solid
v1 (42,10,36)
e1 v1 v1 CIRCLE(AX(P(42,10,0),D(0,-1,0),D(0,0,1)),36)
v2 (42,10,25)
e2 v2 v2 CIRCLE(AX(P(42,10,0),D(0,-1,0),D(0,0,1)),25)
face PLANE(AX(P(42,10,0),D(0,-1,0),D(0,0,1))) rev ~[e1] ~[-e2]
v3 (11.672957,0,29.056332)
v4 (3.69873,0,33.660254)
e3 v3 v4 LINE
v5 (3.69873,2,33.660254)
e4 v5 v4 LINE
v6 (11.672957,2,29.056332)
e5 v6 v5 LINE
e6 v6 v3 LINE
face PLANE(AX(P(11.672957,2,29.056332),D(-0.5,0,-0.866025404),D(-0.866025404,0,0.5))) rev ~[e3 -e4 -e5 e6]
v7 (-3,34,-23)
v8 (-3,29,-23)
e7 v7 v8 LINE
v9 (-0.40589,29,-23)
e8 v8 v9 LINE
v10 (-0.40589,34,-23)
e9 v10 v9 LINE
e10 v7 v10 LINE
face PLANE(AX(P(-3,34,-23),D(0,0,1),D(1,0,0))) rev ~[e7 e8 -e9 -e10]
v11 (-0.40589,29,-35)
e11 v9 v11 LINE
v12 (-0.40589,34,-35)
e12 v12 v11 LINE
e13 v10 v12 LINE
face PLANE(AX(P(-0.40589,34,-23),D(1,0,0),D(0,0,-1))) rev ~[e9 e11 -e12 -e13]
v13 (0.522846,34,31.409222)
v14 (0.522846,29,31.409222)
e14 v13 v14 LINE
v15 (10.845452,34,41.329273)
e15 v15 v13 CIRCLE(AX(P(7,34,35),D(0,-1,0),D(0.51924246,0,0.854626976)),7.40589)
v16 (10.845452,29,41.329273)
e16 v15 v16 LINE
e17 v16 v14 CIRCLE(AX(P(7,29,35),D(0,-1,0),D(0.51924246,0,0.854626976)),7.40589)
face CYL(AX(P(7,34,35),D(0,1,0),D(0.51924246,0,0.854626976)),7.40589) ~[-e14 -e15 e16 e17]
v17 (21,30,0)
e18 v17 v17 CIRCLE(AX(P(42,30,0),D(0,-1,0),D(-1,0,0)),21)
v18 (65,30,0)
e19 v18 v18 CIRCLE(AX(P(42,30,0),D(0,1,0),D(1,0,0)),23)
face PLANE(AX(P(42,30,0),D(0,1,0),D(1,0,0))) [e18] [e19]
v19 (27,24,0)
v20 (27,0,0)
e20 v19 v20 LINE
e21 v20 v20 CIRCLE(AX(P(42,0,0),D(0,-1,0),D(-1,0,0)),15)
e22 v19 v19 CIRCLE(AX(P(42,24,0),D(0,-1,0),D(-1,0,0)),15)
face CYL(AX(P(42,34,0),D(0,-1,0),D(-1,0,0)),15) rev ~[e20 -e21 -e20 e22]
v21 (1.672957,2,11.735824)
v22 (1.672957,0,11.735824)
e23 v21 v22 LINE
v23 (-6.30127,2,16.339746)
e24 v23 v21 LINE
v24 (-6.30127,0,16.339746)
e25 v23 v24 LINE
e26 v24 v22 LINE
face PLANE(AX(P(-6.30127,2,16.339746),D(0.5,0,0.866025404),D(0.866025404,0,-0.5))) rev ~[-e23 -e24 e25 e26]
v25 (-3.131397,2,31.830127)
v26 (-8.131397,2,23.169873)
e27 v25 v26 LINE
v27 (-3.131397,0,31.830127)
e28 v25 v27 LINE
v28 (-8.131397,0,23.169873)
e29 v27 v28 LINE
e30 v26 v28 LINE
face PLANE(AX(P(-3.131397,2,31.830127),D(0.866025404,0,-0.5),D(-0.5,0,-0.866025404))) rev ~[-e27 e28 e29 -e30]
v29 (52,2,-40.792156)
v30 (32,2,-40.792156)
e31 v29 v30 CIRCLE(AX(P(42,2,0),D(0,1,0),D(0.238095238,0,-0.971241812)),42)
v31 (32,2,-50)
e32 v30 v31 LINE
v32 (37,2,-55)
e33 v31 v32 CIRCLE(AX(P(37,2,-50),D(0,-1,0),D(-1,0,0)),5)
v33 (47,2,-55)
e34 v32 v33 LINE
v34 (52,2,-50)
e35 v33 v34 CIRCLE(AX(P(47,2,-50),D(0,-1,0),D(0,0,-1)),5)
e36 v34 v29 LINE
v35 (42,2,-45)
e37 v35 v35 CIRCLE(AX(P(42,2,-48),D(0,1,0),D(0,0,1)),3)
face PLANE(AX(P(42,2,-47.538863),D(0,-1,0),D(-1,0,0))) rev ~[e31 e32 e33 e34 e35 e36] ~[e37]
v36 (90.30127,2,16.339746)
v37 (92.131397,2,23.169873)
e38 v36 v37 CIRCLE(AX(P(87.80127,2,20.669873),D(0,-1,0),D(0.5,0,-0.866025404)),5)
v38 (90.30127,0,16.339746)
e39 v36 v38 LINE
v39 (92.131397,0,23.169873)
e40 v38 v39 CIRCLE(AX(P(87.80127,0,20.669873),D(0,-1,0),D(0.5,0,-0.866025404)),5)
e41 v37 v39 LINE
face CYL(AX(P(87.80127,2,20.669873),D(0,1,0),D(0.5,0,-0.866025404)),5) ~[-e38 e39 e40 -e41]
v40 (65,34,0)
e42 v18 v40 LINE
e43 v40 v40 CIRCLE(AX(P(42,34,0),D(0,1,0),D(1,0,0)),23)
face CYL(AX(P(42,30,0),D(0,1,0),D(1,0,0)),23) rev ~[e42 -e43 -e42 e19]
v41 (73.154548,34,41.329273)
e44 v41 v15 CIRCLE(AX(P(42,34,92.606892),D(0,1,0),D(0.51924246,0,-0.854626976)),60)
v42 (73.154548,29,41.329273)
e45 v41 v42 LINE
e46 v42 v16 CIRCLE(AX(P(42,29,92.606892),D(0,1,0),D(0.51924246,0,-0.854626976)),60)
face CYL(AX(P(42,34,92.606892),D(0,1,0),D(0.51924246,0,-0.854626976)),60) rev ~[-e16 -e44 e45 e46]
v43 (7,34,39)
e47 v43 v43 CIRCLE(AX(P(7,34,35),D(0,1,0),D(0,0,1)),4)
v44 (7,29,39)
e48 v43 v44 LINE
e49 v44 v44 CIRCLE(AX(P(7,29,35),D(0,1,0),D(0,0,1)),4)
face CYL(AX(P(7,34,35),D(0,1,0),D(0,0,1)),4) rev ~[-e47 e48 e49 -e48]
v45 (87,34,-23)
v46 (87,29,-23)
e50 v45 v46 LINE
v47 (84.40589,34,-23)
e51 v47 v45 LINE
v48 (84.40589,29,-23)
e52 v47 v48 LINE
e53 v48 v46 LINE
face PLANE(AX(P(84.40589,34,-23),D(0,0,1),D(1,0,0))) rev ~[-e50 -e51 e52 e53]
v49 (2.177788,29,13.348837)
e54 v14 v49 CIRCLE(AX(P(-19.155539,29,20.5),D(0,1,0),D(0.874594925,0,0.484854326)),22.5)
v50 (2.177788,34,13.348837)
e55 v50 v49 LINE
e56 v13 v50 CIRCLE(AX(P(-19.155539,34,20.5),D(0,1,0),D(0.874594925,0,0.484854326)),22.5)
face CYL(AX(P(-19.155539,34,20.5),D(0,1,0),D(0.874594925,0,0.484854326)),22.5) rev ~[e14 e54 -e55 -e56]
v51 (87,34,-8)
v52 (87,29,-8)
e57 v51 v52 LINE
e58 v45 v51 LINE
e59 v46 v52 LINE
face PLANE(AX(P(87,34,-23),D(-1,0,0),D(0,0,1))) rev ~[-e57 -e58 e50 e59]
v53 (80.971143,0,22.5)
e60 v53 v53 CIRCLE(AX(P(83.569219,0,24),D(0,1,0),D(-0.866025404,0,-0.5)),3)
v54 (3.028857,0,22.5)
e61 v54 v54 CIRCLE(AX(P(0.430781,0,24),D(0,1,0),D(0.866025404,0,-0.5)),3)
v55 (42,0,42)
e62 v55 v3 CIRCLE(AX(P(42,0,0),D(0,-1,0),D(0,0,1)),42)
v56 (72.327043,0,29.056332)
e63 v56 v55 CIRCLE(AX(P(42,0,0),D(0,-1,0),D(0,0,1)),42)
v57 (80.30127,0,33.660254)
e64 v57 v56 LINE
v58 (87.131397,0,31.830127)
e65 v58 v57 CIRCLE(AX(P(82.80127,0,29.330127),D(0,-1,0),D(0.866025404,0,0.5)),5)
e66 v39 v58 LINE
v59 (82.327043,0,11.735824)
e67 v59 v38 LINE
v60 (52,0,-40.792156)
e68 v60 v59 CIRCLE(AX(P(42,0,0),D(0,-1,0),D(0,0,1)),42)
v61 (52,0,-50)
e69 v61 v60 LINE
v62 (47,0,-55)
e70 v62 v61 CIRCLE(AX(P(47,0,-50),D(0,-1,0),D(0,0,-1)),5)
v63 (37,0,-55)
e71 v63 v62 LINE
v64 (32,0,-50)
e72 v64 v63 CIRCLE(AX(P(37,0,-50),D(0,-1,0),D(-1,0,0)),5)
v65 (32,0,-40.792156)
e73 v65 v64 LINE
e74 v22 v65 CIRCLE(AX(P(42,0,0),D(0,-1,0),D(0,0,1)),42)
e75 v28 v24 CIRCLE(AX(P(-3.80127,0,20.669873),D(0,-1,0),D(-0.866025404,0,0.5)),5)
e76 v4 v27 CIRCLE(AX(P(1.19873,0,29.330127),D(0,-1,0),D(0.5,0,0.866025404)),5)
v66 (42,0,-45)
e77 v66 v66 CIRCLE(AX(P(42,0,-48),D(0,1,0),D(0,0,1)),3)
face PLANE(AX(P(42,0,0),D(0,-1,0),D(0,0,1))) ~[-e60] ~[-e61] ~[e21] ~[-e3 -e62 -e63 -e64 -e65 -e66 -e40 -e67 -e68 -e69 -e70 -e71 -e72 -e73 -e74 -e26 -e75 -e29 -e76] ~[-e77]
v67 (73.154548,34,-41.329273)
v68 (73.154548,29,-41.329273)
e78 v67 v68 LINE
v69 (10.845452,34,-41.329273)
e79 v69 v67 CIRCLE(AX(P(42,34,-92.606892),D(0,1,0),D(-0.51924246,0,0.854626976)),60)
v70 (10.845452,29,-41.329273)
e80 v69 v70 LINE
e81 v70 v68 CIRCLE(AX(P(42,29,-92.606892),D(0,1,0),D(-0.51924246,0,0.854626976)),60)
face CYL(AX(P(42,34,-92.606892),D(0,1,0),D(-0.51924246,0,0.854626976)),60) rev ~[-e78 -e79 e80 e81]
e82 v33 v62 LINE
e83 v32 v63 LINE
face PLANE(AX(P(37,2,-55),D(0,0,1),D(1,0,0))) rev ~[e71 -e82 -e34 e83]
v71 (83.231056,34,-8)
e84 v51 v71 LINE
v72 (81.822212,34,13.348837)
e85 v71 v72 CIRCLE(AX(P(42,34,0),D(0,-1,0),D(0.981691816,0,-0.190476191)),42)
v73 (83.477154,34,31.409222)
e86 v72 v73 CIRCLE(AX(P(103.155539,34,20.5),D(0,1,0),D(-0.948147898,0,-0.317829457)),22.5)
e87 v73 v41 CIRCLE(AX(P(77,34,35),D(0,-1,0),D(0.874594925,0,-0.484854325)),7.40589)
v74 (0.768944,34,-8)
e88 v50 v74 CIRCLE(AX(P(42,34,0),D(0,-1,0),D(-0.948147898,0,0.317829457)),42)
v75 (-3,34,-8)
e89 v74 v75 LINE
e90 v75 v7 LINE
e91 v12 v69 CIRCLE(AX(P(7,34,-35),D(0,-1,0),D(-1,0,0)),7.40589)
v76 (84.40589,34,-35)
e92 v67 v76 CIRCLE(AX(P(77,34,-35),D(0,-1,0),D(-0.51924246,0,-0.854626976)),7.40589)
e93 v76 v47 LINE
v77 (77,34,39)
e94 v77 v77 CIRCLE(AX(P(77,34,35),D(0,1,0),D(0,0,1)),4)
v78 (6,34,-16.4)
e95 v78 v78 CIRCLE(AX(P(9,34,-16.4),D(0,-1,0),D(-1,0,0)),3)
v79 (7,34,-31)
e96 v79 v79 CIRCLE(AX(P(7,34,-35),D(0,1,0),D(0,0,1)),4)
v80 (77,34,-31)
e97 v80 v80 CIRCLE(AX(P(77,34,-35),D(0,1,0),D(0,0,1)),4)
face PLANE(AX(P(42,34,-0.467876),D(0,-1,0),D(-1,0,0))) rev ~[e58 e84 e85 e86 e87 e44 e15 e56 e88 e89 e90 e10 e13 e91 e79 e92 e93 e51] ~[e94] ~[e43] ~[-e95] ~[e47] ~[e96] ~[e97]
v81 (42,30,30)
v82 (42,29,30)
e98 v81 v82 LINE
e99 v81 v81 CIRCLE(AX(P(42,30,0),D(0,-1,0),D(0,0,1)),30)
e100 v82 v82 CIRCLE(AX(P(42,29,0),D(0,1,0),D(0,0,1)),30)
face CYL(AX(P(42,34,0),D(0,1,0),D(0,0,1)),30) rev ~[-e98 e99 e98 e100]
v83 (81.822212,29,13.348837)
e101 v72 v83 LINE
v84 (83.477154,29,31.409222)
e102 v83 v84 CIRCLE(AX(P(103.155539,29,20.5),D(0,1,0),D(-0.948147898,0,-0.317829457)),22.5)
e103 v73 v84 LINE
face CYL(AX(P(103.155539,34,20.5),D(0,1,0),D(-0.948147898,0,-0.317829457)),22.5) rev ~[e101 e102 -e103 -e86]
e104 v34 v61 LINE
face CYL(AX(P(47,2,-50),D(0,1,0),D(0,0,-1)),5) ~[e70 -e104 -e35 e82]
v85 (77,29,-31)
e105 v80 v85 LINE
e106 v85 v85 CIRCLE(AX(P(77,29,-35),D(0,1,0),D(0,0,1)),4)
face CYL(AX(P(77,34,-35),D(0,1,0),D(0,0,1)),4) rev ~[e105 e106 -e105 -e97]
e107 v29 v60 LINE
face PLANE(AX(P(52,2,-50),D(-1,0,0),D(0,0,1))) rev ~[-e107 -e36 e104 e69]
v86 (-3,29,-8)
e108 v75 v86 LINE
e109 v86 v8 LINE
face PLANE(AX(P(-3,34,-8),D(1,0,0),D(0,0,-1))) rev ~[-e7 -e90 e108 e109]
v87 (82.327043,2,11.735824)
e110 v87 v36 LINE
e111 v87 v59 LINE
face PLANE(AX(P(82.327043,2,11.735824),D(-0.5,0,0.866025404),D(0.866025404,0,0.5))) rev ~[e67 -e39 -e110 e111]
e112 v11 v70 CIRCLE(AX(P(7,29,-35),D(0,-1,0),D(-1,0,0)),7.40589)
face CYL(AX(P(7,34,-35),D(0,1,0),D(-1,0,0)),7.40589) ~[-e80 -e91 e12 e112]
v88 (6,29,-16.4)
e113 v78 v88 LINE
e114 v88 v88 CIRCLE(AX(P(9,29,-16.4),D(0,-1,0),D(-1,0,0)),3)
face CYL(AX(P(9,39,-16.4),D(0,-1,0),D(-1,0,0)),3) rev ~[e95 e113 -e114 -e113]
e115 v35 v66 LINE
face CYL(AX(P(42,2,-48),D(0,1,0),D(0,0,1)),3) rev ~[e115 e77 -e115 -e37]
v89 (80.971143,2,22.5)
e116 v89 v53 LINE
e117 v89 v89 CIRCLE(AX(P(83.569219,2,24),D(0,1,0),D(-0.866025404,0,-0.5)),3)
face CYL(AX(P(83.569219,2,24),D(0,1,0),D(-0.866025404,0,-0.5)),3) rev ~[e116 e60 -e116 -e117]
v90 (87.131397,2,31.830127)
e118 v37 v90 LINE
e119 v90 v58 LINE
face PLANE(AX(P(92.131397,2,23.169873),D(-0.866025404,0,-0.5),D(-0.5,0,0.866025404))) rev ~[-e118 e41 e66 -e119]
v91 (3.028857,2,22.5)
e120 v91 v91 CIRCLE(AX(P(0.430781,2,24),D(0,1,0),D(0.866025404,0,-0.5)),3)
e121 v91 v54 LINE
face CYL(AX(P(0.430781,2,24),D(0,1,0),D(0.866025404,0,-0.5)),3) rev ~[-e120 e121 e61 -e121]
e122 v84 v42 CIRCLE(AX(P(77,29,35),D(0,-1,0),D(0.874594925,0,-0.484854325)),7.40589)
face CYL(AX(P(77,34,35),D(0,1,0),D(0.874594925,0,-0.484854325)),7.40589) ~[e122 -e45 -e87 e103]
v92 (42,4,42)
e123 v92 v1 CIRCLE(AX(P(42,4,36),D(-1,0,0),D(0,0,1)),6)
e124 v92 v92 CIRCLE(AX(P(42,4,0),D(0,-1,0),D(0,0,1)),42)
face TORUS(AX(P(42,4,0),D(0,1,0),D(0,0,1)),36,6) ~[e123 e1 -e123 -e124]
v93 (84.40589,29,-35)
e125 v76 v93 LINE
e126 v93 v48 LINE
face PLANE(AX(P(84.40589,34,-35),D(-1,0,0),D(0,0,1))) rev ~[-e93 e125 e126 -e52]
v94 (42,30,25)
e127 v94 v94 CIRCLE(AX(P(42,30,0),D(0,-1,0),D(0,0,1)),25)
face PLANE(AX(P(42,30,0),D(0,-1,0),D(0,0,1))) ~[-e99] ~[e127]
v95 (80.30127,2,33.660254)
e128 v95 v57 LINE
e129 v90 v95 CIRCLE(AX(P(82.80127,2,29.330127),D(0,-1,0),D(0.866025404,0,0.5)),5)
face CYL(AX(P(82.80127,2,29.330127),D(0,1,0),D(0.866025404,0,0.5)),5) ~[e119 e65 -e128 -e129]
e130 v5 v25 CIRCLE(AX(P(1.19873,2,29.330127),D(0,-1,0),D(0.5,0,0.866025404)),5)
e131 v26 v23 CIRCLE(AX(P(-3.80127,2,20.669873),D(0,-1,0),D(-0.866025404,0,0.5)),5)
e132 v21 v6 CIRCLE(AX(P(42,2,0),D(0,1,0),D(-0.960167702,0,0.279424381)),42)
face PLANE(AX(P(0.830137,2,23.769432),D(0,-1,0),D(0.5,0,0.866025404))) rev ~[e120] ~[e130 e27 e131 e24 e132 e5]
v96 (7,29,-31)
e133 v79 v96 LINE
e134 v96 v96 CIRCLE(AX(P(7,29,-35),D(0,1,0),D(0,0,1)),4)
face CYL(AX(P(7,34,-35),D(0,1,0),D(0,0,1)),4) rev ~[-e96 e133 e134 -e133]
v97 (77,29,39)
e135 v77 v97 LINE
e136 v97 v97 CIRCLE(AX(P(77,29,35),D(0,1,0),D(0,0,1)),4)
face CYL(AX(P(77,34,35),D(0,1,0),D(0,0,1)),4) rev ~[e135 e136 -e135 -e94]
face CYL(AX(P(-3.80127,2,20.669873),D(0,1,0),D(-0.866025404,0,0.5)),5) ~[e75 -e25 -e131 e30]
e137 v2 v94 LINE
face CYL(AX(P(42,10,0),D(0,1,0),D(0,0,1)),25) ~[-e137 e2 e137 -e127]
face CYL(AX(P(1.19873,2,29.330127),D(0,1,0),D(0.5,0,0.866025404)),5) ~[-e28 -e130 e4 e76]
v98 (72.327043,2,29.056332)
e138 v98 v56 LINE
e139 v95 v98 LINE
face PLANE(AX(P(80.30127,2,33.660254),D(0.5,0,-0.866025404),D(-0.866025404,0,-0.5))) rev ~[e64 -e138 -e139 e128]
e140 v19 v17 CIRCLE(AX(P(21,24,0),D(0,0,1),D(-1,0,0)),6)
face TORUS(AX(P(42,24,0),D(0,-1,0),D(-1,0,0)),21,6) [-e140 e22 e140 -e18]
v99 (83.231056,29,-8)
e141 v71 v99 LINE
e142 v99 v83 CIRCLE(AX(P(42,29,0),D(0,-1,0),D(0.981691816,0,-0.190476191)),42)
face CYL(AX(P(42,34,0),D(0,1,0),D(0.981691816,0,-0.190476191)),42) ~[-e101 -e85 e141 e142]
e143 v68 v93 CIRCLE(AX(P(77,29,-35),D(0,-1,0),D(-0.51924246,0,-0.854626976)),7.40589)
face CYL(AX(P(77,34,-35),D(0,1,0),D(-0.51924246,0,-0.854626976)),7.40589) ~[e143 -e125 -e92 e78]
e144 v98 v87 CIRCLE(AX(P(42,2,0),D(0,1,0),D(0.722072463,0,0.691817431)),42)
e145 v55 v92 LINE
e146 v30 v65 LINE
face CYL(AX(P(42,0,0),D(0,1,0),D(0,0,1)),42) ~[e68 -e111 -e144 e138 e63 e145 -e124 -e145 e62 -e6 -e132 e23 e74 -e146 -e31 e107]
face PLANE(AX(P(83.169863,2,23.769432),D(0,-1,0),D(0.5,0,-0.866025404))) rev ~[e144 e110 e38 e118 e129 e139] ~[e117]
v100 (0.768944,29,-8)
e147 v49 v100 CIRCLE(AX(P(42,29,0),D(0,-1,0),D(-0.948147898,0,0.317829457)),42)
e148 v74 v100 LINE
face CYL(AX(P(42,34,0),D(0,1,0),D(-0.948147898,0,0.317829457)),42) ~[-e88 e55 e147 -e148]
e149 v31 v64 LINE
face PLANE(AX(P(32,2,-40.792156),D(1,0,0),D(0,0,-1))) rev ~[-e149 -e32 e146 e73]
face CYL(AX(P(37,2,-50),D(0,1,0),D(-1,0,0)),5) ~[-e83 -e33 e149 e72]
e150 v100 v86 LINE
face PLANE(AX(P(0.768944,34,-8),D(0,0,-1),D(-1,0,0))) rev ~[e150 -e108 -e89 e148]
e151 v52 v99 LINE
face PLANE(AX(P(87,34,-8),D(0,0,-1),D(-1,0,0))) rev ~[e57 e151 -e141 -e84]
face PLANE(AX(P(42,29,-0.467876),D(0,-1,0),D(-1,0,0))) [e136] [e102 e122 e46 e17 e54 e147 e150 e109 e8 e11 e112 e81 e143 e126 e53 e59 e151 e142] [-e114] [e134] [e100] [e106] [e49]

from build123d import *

# Parameters (mm, degrees)
BOSS_EXTRUDE1_START = 2
SKETCH2_R           = 3
BOSS_EXTRUDE1_DEPTH = 2
CIRPATTERN1_COUNT   = 3
HOLE3_D             = 30
HOLE3_CBORE_D       = 46
HOLE3_CBORE_DEPTH   = 4
FILLET1_R           = 6
SKETCH9_R           = 30
SKETCH9_R_2         = 4
BOSS_EXTRUDE2_DEPTH = 5
HOLE4_D             = 6
HOLE4_DEPTH         = 5


with BuildPart() as part:
    # Sketch1 → Revolve1 (revolve)
    with BuildSketch(Plane.XY, mode=Mode.PRIVATE) as revolve1_sk:
        Polygon((0, 0), (0, 10), (17, 10), (17, 30), (12, 30), (12, 34), (42, 34), (42, 0), align=None)
    revolve(revolve1_sk.sketch.rotate(Axis((42, 34, 0), (0, -1, 0)), 270), axis=Axis((42, 34, 0), (0, -1, 0)))

    # Sketch2 → Boss-Extrude1 (add)
    with BuildSketch(Plane(origin=(0, 0, 0), x_dir=(1, 0, 0), z_dir=(0, 1, 0)).offset(BOSS_EXTRUDE1_START)):
        with BuildLine():
            Line((37, 55), (47, 55))
            ThreePointArc((47, 55), (50.535533906, 53.535533906), (52, 50))
            Line((52, 50), (52, 40.792156109))
            ThreePointArc((52, 40.792156109), (42, 42), (32, 40.792156109))
            Line((32, 40.792156109), (32, 50))
            ThreePointArc((32, 50), (33.464466094, 53.535533906), (37, 55))
        make_face()
        with Locations(Location((42, 48, 0), (0, 0, 270))):
            Circle(SKETCH2_R, mode=Mode.SUBTRACT)
    boss_extrude1 = extrude(amount=-BOSS_EXTRUDE1_DEPTH)

    # CirPattern1: Boss-Extrude1 ×3 about axis
    cirpattern1_axis = Axis((42, 0, 0), (0, 1, 0))
    for i in range(1, CIRPATTERN1_COUNT):
        add(boss_extrude1.rotate(cirpattern1_axis, i * 360 / CIRPATTERN1_COUNT))

    # Hole3 (through all)
    with Locations(Plane(origin=(0, 34, 0), x_dir=(1, 0, 0), z_dir=(0, 1, 0))):
        with Locations((42, 0)):
            CounterBoreHole(HOLE3_D / 2, HOLE3_CBORE_D / 2, HOLE3_CBORE_DEPTH)

    # Fillet1
    fillet1_edges = [part.edges().sort_by_distance(p)[0] for p in [
        (57, 30, 0),
        (42, 10, -42),
    ]]
    fillet(fillet1_edges, radius=FILLET1_R)

    # Sketch9 → Boss-Extrude2 (add)
    with BuildSketch(Plane(origin=(0, 34, 0), x_dir=(1, 0, 0), z_dir=(0, 1, 0))):
        with BuildLine():
            Line((84.405889748, 35), (84.405889748, 23))
            Line((84.405889748, 23), (87, 23))
            Line((87, 23), (87, 8))
            Line((87, 8), (83.231056256, 8))
            ThreePointArc((83.231056256, 8), (83.908844823, -2.76563295), (81.822211706, -13.348837209))
            ThreePointArc((81.822211706, -13.348837209), (80.749412141, -22.553158791), (83.47715359, -31.409222322))
            ThreePointArc((83.47715359, -31.409222322), (82.131599646, -40.339839701), (73.15454759, -41.329273159))
            ThreePointArc((73.15454759, -41.329273159), (42, -32.606891712), (10.84545241, -41.329273159))
            ThreePointArc((10.84545241, -41.329273159), (1.868400354, -40.339839701), (0.52284641, -31.409222322))
            ThreePointArc((0.52284641, -31.409222322), (3.250587859, -22.553158791), (2.177788294, -13.348837209))
            ThreePointArc((2.177788294, -13.348837209), (0.091155177, -2.76563295), (0.768943744, 8))
            Line((0.768943744, 8), (-3, 8))
            Line((-3, 8), (-3, 23))
            Line((-3, 23), (-0.405889748, 23))
            Line((-0.405889748, 23), (-0.405889748, 35))
            ThreePointArc((-0.405889748, 35), (3.369007961, 41.454695947), (10.84545241, 41.329273159))
            ThreePointArc((10.84545241, 41.329273159), (42, 32.606891712), (73.15454759, 41.329273159))
            ThreePointArc((73.15454759, 41.329273159), (80.630992039, 41.454695947), (84.405889748, 35))
        make_face()
        with Locations(Location((42, 0, 0), (0, 0, 270))):
            Circle(SKETCH9_R, mode=Mode.SUBTRACT)
        with Locations(Location((77, 35, 0), (0, 0, 270))):
            Circle(SKETCH9_R_2, mode=Mode.SUBTRACT)
        with Locations(Location((77, -35, 0), (0, 0, 270))):
            Circle(SKETCH9_R_2, mode=Mode.SUBTRACT)
        with Locations(Location((7, -35, 0), (0, 0, 270))):
            Circle(SKETCH9_R_2, mode=Mode.SUBTRACT)
        with Locations(Location((7, 35, 0), (0, 0, 270))):
            Circle(SKETCH9_R_2, mode=Mode.SUBTRACT)
    extrude(amount=-BOSS_EXTRUDE2_DEPTH)

    # Hole4
    with Locations(Plane(origin=(0, 34, 0), x_dir=(1, 0, 0), z_dir=(0, 1, 0))):
        with Locations((9, 16.4)):
            Hole(HOLE4_D / 2, depth=HOLE4_DEPTH)


solid = part.part
